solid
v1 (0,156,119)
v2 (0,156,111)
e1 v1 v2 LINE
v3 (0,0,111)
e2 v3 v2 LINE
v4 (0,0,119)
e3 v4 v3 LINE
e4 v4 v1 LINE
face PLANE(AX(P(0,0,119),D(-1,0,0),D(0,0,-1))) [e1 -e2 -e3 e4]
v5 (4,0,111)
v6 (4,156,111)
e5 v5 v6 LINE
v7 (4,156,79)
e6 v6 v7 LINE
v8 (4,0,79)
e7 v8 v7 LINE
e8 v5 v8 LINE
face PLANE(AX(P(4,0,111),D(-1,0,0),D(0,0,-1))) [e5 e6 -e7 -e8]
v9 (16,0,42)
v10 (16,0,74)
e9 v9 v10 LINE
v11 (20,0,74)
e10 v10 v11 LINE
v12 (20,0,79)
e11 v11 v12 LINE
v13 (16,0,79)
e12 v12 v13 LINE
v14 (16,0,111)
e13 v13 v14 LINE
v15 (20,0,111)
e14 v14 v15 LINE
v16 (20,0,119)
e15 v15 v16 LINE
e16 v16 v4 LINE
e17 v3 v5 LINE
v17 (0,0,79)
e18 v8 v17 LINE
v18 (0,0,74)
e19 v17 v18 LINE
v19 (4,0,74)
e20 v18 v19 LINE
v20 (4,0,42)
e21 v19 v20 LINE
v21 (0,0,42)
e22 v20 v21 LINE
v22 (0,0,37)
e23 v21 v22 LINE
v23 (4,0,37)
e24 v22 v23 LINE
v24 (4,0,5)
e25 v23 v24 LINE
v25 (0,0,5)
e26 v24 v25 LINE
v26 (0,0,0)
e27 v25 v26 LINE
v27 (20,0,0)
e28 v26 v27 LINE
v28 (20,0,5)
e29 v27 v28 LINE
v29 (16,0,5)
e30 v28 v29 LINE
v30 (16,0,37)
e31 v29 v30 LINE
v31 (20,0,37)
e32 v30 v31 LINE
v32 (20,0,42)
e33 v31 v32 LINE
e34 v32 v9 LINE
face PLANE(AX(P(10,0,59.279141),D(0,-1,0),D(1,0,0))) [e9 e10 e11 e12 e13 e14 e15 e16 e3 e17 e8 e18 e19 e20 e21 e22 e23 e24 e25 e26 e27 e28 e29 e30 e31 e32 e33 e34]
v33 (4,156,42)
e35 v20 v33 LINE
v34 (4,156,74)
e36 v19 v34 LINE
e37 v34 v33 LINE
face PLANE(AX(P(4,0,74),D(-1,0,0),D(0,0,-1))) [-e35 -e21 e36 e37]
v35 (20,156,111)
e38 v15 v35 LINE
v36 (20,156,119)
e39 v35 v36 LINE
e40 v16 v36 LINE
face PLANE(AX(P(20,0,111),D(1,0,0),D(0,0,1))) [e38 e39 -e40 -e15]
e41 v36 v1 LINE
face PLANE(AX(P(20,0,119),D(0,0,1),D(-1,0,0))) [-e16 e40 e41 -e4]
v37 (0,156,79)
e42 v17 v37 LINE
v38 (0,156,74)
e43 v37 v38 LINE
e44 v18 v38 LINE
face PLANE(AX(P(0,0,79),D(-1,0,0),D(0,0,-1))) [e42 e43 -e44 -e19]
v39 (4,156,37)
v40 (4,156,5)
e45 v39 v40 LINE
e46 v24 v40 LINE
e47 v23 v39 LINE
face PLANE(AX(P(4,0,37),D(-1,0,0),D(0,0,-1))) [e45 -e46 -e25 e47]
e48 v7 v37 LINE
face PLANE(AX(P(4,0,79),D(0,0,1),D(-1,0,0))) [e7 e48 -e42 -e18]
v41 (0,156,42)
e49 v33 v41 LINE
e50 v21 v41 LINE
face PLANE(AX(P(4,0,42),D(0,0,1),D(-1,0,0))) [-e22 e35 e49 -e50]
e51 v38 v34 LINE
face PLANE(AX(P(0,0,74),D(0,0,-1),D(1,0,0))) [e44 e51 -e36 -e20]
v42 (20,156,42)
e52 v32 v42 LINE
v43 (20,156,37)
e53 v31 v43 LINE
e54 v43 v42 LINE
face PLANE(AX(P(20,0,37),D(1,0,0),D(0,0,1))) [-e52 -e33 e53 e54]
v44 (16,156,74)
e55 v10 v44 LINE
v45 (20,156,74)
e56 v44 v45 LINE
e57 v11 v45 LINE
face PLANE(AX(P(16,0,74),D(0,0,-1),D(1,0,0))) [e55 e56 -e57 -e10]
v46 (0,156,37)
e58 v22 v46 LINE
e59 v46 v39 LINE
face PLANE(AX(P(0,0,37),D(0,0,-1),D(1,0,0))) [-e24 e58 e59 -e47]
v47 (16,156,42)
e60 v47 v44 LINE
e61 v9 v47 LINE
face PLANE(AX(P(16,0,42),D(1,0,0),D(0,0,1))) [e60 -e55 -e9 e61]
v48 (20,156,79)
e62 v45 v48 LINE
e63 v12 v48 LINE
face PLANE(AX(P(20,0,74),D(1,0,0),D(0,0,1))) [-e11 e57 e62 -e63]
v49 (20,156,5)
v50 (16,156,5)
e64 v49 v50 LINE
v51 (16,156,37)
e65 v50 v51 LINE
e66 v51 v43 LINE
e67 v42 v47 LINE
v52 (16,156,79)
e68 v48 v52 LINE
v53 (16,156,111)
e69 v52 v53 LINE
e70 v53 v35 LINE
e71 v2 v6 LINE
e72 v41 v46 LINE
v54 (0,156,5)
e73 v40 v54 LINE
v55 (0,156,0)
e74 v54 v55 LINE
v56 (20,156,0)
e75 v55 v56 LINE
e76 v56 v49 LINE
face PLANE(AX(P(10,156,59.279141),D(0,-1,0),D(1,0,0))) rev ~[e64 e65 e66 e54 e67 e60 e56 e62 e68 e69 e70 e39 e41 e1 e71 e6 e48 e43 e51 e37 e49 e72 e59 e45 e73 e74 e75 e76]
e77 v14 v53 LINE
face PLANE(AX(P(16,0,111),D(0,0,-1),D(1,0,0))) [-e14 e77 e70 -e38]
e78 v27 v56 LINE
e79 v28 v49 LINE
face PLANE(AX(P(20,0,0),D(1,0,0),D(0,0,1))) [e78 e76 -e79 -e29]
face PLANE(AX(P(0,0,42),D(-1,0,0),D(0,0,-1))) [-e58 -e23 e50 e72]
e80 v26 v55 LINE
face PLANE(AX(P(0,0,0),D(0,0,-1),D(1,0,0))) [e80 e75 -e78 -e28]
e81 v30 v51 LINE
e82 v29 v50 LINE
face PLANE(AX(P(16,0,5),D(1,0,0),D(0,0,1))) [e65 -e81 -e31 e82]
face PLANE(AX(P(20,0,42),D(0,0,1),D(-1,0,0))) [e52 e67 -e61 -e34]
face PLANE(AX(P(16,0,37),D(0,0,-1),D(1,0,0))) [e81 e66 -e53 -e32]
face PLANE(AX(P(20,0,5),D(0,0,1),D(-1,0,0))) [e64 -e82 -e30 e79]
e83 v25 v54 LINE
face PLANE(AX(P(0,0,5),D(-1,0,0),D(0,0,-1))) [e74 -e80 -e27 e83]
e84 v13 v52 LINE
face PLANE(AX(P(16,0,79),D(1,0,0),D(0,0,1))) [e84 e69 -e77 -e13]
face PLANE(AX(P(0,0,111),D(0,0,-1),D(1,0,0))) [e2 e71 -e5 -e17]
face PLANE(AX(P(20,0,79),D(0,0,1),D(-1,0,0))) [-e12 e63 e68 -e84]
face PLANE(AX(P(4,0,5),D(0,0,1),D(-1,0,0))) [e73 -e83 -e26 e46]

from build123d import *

# Parameters (mm, degrees)
F3_DEPTH = 156


with BuildPart() as f3:
    # F2 (on Front) → F3 (new body)
    with BuildSketch(Plane.XZ):
        Polygon((0, 5), (0, 0), (20, 0), (20, 5), (16, 5), (16, 37), (20, 37), (20, 42), (16, 42), (16, 74), (20, 74), (20, 79), (16, 79), (16, 111), (20, 111), (20, 119), (0, 119), (0, 111), (4, 111), (4, 79), (0, 79), (0, 74), (4, 74), (4, 42), (0, 42), (0, 37), (4, 37), (4, 5), align=None)
    extrude(amount=-F3_DEPTH)


solid = f3.part
